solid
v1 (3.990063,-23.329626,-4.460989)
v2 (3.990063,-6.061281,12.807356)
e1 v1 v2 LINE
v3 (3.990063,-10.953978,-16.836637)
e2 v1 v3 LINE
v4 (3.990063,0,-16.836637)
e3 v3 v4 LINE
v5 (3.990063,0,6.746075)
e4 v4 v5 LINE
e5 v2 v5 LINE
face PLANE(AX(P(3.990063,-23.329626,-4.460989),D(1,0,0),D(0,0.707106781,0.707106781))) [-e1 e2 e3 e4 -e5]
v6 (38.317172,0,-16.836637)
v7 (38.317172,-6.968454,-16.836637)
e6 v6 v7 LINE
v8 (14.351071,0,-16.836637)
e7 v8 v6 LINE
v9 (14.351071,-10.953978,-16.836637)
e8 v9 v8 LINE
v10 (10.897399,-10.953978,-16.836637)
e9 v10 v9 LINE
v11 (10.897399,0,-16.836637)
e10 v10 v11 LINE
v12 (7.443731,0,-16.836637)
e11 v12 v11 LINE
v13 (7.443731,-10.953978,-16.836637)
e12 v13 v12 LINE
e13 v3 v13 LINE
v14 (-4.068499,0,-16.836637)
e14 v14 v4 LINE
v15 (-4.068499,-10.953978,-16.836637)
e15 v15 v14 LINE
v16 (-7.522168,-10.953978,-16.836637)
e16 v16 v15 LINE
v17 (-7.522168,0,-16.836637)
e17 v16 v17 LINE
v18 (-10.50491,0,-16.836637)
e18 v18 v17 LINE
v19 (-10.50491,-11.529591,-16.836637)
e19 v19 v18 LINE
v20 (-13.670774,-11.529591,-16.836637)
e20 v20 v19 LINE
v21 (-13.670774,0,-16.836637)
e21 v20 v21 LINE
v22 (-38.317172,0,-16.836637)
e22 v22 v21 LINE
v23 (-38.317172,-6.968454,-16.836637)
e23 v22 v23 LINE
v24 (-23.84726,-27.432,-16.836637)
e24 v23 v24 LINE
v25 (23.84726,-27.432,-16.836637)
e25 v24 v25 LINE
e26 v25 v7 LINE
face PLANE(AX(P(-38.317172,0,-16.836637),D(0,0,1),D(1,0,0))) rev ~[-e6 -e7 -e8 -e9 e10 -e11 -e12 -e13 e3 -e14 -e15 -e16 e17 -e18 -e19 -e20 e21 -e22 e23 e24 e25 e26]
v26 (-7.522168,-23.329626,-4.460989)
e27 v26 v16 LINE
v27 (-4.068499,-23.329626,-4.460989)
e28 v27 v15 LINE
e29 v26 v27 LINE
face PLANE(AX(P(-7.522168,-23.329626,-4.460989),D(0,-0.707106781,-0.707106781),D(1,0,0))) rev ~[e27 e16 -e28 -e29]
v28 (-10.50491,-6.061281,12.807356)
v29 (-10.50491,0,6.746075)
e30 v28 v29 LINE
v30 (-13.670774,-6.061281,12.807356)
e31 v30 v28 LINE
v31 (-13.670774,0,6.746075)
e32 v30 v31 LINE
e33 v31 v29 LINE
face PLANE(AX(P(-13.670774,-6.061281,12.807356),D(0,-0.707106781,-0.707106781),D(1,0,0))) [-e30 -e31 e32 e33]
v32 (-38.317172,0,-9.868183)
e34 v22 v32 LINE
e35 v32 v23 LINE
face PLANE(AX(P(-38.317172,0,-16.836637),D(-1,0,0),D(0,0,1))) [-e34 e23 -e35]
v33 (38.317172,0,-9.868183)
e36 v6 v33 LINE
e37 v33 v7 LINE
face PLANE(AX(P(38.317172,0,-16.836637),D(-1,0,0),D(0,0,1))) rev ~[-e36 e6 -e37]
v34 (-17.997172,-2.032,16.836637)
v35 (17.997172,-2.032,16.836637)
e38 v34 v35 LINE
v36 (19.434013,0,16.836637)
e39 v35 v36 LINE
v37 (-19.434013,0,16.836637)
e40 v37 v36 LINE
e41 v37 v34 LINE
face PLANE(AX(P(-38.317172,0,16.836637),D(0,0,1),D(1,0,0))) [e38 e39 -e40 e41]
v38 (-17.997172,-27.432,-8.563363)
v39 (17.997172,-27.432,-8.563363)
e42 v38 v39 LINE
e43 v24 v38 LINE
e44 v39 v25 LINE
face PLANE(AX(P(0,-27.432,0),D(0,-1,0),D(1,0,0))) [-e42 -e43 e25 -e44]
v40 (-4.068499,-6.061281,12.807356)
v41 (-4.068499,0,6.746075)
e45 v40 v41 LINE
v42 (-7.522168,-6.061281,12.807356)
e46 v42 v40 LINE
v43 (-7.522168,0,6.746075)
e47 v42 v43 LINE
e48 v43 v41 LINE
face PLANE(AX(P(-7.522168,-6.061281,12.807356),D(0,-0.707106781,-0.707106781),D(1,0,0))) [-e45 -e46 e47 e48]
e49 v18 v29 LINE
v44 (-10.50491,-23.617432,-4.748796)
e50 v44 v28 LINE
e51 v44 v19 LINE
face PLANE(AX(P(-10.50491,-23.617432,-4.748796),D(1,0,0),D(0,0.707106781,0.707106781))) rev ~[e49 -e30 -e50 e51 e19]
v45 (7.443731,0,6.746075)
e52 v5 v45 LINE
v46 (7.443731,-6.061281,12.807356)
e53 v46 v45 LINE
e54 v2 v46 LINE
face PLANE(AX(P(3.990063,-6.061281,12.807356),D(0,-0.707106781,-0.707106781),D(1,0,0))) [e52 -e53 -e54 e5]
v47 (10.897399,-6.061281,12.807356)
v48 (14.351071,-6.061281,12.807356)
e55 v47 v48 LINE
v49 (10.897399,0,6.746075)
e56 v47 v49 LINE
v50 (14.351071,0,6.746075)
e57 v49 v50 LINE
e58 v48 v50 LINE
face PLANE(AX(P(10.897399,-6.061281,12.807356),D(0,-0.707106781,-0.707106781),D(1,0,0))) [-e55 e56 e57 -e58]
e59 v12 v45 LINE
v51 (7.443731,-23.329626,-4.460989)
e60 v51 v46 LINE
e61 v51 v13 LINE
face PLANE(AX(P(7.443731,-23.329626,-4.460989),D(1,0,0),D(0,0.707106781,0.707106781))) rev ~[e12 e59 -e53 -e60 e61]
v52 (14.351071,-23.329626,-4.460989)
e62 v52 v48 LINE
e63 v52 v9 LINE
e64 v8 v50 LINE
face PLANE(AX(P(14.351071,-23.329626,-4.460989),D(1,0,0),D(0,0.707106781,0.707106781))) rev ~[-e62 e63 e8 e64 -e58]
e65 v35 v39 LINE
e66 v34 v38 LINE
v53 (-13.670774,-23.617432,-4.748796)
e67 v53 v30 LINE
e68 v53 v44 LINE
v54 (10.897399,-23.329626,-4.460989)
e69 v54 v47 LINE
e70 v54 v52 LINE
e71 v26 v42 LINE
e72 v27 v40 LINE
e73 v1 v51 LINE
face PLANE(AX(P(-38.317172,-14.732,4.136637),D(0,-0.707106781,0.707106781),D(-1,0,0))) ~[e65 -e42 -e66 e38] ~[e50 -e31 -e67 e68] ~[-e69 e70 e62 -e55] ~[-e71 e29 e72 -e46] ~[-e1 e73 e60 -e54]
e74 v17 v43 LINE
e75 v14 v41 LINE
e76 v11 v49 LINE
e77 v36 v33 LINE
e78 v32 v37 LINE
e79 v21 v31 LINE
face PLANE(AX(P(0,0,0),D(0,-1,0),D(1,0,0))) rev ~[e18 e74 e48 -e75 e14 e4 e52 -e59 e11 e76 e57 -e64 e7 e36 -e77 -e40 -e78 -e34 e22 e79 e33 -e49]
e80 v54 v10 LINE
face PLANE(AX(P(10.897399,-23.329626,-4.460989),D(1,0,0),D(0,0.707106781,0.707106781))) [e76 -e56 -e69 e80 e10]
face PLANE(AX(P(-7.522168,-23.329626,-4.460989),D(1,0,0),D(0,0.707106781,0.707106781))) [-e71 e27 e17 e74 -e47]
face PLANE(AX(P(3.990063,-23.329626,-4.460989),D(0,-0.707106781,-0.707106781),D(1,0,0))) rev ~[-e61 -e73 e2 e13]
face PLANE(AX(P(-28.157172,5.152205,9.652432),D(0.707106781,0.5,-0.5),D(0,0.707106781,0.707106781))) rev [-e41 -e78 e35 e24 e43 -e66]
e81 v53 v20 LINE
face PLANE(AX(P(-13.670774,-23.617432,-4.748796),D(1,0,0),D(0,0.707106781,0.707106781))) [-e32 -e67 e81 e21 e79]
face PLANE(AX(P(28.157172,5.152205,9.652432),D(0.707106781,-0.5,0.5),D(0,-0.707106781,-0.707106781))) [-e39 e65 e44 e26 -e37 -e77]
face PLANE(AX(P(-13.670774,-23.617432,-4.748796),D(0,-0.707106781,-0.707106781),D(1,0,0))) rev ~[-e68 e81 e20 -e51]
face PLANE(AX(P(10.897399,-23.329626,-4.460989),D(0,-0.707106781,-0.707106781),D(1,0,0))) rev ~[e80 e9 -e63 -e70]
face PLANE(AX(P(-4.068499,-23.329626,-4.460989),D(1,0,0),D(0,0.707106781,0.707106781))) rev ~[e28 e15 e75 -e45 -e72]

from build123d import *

# Parameters (mm, degrees)
F0_W      = 76.6343446126
F0_H      = 33.6732733995
F1_DEPTH  = 27.432
F2_SIZE   = 25.4
F3_SIZE   = 20.32
F4_W      = 3.1658643857
F4_H      = 24.8281476088
F5_DEPTH  = 25.4
F6_W      = 3.4536682069
F6_H      = 24.4211279787
F7_DEPTH  = 25.4
F8_W      = 3.4536719322
F8_H      = 24.4211279787
F9_DEPTH  = 25.4
F10_W     = 3.4536686726
F10_H     = 24.4211279787
F11_DEPTH = 25.4


with BuildPart() as f1:
    # F0 (on Front) → F1 (new body)
    with BuildSketch(Plane.XZ):
        Rectangle(F0_W, F0_H)
    extrude(amount=F1_DEPTH)

    # F2
    f2_edges = [f1.edges().sort_by_distance(p)[0] for p in [
        (0, -27.432, 16.836637),
    ]]
    chamfer(f2_edges, length=F2_SIZE)

    # F3
    f3_edges = [f1.edges().sort_by_distance(p)[0] for p in [
        (-38.317172, -14.732, 4.136637),
        (38.317172, -14.732, 4.136637),
    ]]
    chamfer(f3_edges, length=F3_SIZE)

    # F4 (on face) → F5 (cut)
    with BuildSketch(Plane(origin=(0, -9.4343183499, 9.4343183499), x_dir=(1, 0, 0), z_dir=(0, -0.7071067812, 0.7071067812))):
        with Locations((-12.0878419839, -7.6438782271)):
            Rectangle(F4_W, F4_H)
    extrude(amount=-F5_DEPTH, mode=Mode.SUBTRACT)

    # F6 (on face) → F7 (cut)
    with BuildSketch(Plane(origin=(0, -9.4343183499, 9.4343183499), x_dir=(1, 0, 0), z_dir=(0, -0.7071067812, 0.7071067812))):
        with Locations((-5.7953335345, -7.4403684121)):
            Rectangle(F6_W, F6_H)
    extrude(amount=-F7_DEPTH, mode=Mode.SUBTRACT)

    # F8 (on face) → F9 (cut)
    with BuildSketch(Plane(origin=(0, -9.4343183499, 9.4343183499), x_dir=(1, 0, 0), z_dir=(0, -0.7071067812, 0.7071067812))):
        with Locations((12.6242348924, -7.4403684121)):
            Rectangle(F8_W, F8_H)
    extrude(amount=-F9_DEPTH, mode=Mode.SUBTRACT)

    # F10 (on face) → F11 (cut)
    with BuildSketch(Plane(origin=(0, -9.4343183499, 9.4343183499), x_dir=(1, 0, 0), z_dir=(0, -0.7071067812, 0.7071067812))):
        with Locations((5.7168968488, -7.4403684121)):
            Rectangle(F10_W, F10_H)
    extrude(amount=-F11_DEPTH, mode=Mode.SUBTRACT)


solid = f1.part
